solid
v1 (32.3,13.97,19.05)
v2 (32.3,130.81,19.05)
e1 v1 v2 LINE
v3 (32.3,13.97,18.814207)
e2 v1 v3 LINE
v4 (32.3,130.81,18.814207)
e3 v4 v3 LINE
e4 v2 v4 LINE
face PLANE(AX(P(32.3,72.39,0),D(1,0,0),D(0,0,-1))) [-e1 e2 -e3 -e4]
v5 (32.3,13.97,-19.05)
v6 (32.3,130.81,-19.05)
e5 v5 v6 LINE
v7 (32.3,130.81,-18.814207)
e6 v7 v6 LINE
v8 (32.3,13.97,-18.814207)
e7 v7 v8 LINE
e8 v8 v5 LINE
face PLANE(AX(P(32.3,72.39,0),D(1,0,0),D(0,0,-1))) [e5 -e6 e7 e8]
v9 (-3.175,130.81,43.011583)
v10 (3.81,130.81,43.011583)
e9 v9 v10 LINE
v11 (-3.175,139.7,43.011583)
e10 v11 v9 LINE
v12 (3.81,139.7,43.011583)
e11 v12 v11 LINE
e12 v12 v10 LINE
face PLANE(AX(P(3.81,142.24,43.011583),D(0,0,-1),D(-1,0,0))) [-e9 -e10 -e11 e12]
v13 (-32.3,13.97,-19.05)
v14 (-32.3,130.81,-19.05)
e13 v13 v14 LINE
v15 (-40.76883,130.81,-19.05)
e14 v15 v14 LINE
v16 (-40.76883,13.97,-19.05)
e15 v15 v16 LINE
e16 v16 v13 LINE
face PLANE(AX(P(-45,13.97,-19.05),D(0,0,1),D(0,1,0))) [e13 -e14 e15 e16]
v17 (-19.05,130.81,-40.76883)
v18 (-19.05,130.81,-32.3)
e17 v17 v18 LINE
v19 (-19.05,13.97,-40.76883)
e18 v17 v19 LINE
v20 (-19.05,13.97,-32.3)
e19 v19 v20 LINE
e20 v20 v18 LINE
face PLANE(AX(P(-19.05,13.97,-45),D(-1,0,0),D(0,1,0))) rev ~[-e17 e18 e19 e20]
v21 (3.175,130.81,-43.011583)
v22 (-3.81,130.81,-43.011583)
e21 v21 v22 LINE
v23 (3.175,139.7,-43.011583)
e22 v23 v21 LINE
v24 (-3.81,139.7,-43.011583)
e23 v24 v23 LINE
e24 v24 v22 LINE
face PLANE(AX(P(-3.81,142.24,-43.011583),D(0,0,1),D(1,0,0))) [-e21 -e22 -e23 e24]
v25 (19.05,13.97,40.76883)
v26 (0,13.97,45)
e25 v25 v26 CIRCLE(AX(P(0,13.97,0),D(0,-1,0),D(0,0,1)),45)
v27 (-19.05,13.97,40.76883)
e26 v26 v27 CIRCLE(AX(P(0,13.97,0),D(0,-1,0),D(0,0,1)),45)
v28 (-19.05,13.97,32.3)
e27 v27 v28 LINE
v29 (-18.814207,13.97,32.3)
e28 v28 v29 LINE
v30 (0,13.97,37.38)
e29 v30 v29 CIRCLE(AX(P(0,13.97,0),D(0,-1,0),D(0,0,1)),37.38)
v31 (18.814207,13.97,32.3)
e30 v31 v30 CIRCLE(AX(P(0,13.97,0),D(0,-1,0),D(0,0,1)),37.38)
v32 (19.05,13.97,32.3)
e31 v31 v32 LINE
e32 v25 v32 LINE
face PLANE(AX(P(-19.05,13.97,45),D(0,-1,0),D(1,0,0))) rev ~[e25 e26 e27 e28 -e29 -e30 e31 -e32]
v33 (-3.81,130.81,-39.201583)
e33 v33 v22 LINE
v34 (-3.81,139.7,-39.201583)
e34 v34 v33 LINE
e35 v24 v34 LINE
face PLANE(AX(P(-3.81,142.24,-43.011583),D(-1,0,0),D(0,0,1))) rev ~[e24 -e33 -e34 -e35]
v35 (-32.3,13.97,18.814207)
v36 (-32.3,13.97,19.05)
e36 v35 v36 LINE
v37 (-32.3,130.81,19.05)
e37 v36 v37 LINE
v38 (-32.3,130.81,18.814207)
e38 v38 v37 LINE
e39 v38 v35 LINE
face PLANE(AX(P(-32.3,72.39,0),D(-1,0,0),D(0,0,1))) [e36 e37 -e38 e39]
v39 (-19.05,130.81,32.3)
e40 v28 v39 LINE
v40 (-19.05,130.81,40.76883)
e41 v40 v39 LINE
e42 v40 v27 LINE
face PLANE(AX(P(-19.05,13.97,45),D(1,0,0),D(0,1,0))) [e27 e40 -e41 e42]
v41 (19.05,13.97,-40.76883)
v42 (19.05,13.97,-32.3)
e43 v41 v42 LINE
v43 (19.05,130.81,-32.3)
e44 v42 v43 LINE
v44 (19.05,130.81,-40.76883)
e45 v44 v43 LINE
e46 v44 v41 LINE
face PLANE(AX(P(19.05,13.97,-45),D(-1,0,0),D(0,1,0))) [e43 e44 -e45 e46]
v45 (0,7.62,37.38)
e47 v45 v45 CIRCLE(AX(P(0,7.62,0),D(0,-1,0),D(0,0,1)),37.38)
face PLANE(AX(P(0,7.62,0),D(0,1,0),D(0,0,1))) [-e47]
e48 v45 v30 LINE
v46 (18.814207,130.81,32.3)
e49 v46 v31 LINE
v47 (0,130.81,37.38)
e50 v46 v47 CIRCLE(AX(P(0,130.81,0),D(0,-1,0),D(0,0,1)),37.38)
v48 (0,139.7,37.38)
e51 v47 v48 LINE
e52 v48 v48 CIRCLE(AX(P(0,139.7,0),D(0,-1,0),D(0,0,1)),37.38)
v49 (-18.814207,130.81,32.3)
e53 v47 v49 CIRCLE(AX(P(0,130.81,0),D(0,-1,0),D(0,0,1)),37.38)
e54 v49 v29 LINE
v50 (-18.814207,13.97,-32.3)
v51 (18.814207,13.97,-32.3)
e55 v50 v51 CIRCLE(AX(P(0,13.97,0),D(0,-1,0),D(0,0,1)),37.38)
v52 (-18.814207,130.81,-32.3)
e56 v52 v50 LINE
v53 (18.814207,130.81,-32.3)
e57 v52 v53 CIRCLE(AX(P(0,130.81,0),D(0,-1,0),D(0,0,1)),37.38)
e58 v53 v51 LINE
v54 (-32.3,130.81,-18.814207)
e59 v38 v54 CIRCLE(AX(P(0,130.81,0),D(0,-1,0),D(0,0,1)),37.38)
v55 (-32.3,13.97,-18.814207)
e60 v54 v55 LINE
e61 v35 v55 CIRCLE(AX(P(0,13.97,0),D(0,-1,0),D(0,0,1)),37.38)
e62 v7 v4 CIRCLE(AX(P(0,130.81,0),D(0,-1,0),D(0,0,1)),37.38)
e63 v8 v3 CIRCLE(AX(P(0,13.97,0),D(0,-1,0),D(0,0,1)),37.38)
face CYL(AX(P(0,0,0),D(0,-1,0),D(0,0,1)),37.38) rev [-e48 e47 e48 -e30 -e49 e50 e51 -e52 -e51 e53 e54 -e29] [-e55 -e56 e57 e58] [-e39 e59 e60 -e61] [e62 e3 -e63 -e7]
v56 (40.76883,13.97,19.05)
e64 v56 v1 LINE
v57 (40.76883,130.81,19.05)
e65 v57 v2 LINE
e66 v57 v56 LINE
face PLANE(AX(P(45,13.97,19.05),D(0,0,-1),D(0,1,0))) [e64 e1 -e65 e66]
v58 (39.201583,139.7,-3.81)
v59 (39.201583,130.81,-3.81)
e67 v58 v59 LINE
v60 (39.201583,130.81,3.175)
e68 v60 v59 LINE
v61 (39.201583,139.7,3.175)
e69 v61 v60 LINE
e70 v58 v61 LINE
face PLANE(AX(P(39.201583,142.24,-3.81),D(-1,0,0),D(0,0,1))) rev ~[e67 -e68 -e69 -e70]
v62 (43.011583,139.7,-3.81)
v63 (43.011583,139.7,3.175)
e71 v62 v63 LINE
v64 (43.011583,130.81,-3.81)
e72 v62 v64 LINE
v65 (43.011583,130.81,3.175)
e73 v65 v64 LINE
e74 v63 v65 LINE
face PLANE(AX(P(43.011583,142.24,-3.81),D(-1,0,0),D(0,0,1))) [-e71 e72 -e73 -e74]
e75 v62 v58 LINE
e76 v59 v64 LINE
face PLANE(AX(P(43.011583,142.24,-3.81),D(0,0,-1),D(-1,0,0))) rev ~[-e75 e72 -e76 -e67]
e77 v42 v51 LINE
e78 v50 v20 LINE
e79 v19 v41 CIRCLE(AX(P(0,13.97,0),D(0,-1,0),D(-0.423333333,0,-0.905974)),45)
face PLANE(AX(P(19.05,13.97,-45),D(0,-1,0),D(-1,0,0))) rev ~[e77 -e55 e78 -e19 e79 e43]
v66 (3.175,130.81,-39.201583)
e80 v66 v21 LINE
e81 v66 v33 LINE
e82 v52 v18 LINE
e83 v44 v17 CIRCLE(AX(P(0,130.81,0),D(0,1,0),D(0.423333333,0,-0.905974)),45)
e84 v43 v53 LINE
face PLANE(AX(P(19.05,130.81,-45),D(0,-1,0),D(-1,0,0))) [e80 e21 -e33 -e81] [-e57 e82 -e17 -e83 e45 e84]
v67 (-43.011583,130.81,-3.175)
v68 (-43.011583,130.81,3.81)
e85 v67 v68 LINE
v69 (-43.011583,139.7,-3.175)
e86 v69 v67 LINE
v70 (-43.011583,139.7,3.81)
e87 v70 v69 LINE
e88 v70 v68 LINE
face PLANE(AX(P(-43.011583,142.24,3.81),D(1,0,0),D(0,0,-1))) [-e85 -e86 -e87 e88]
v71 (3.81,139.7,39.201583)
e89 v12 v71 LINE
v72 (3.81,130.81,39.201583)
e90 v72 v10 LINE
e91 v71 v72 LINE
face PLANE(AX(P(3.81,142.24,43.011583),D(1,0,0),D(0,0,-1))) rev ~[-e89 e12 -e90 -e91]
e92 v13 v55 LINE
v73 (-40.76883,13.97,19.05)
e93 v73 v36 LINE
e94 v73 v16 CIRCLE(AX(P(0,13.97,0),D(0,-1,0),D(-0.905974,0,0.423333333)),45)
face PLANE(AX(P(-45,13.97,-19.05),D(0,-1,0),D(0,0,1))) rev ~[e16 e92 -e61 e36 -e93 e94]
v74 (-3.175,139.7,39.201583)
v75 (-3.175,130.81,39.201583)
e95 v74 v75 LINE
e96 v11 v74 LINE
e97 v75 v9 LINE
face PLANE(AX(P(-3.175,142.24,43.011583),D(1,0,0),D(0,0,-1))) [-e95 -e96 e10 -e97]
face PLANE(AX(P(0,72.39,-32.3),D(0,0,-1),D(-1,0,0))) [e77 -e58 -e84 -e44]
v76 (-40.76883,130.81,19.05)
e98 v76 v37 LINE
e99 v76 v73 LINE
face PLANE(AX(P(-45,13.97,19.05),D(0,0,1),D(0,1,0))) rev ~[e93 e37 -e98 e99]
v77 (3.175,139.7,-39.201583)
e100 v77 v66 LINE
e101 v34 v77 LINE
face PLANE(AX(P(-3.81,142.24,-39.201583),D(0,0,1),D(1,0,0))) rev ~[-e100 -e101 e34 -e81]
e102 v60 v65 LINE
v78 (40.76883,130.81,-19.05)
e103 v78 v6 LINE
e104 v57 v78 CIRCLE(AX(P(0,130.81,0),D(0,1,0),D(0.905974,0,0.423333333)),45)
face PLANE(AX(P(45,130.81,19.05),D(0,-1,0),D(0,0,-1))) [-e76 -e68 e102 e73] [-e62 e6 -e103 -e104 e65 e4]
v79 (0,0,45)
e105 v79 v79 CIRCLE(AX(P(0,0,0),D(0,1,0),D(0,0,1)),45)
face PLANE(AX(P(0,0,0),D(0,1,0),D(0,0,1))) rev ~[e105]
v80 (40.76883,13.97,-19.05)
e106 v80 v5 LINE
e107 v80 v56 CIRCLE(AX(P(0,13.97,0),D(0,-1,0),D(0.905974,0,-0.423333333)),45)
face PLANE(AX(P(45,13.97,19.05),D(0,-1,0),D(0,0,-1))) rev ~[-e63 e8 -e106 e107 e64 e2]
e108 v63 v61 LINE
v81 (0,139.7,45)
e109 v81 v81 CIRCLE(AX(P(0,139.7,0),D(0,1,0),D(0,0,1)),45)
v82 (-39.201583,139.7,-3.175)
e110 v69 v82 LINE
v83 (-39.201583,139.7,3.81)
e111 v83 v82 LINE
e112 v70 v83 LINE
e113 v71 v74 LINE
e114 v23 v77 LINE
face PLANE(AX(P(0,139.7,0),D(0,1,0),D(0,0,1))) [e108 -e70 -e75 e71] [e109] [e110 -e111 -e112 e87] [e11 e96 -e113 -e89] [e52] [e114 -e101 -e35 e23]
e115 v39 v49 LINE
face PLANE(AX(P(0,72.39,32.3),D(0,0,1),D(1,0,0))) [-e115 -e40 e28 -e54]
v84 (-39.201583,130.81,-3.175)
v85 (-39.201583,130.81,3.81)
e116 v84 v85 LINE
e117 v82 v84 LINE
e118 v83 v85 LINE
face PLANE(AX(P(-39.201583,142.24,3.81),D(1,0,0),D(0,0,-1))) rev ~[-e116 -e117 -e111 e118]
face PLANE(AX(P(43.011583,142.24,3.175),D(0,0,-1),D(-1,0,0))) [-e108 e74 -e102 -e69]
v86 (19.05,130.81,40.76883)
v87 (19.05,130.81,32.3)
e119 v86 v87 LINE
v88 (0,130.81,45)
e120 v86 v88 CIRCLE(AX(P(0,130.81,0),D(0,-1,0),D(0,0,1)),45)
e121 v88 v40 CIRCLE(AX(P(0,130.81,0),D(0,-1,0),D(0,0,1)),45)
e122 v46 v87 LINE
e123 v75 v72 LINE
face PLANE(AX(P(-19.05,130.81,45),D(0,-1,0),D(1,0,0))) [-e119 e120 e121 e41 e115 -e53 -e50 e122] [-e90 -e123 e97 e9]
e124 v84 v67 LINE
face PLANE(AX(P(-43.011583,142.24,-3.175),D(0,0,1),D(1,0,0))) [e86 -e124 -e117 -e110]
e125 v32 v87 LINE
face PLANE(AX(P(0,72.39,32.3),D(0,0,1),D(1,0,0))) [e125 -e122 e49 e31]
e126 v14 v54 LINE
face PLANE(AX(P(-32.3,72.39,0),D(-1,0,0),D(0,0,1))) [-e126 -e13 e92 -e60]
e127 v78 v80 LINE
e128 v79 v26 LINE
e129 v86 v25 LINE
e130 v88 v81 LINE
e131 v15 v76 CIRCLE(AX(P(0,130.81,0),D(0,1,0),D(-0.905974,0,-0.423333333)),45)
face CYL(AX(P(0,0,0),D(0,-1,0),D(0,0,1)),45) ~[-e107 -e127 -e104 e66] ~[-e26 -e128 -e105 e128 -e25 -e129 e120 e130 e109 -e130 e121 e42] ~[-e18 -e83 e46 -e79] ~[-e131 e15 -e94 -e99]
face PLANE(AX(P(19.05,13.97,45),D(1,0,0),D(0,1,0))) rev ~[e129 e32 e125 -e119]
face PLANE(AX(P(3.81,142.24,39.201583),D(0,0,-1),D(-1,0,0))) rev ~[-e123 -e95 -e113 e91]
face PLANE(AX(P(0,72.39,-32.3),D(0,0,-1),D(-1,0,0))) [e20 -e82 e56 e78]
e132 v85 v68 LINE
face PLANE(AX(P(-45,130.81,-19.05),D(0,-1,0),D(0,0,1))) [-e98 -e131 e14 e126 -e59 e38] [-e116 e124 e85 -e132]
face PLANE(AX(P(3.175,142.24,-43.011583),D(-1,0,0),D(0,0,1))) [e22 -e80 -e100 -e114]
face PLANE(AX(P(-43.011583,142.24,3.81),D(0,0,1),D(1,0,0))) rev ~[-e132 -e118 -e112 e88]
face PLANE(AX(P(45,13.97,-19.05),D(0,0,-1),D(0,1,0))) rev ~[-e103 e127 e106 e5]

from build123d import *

# Parameters (mm, degrees)
SKETCH1_R           = 45
BOSS_EXTRUDE3_DEPTH = 139.7
SHELL2_T            = -7.62
SKETCH15_W          = 38.1
SKETCH15_H          = 116.84
CUT_EXTRUDE3_DEPTH  = 12.7
CIRPATTERN4_COUNT   = 4
SKETCH14_W          = 3.81
SKETCH14_H          = 6.985
CUT_EXTRUDE2_DEPTH  = 12.7
CIRPATTERN3_COUNT   = 4


with BuildPart() as part:
    # Sketch1 → Boss-Extrude3 (new body)
    with BuildSketch(Plane(origin=(0, 0, 0), x_dir=(1, 0, 0), z_dir=(0, 1, 0))):
        with Locations(Location((0, 0, 0), (0, 0, 270))):
            Circle(SKETCH1_R)
    extrude(amount=BOSS_EXTRUDE3_DEPTH)

    # Shell2
    shell2_openings = [part.faces().sort_by_distance(p)[0] for p in [
        (0, 139.7, 0),
    ]]
    offset(amount=SHELL2_T, openings=shell2_openings, kind=Kind.INTERSECTION)

    # Sketch15 → Cut-Extrude3 (cut)
    with BuildSketch(Plane(origin=(45, 0, 0), x_dir=(0, 0, -1), z_dir=(1, 0, 0))):
        with Locations((0, 72.39)):
            Rectangle(SKETCH15_W, SKETCH15_H)
    cut_extrude3 = extrude(amount=-CUT_EXTRUDE3_DEPTH, mode=Mode.SUBTRACT)

    # CirPattern4: Cut-Extrude3 ×4 about axis
    cirpattern4_axis = Axis((0, 0, 0), (0, 1, 0))
    for i in range(1, CIRPATTERN4_COUNT):
        add(cut_extrude3.rotate(cirpattern4_axis, i * 360 / CIRPATTERN4_COUNT), mode=Mode.SUBTRACT)

    # Sketch14 → Cut-Extrude2 (cut)
    with BuildSketch(Plane(origin=(0, 142.24, 0), x_dir=(1, 0, 0), z_dir=(0, 1, 0))):
        with Locations((-41.106583324, -0.3175)):
            Rectangle(SKETCH14_W, SKETCH14_H)
    cut_extrude2 = extrude(amount=-CUT_EXTRUDE2_DEPTH, mode=Mode.SUBTRACT)

    # CirPattern3: Cut-Extrude2 ×4 about axis
    cirpattern3_axis = Axis((0, 0, 0), (0, 1, 0))
    for i in range(1, CIRPATTERN3_COUNT):
        add(cut_extrude2.rotate(cirpattern3_axis, i * 360 / CIRPATTERN3_COUNT), mode=Mode.SUBTRACT)


solid = part.part
